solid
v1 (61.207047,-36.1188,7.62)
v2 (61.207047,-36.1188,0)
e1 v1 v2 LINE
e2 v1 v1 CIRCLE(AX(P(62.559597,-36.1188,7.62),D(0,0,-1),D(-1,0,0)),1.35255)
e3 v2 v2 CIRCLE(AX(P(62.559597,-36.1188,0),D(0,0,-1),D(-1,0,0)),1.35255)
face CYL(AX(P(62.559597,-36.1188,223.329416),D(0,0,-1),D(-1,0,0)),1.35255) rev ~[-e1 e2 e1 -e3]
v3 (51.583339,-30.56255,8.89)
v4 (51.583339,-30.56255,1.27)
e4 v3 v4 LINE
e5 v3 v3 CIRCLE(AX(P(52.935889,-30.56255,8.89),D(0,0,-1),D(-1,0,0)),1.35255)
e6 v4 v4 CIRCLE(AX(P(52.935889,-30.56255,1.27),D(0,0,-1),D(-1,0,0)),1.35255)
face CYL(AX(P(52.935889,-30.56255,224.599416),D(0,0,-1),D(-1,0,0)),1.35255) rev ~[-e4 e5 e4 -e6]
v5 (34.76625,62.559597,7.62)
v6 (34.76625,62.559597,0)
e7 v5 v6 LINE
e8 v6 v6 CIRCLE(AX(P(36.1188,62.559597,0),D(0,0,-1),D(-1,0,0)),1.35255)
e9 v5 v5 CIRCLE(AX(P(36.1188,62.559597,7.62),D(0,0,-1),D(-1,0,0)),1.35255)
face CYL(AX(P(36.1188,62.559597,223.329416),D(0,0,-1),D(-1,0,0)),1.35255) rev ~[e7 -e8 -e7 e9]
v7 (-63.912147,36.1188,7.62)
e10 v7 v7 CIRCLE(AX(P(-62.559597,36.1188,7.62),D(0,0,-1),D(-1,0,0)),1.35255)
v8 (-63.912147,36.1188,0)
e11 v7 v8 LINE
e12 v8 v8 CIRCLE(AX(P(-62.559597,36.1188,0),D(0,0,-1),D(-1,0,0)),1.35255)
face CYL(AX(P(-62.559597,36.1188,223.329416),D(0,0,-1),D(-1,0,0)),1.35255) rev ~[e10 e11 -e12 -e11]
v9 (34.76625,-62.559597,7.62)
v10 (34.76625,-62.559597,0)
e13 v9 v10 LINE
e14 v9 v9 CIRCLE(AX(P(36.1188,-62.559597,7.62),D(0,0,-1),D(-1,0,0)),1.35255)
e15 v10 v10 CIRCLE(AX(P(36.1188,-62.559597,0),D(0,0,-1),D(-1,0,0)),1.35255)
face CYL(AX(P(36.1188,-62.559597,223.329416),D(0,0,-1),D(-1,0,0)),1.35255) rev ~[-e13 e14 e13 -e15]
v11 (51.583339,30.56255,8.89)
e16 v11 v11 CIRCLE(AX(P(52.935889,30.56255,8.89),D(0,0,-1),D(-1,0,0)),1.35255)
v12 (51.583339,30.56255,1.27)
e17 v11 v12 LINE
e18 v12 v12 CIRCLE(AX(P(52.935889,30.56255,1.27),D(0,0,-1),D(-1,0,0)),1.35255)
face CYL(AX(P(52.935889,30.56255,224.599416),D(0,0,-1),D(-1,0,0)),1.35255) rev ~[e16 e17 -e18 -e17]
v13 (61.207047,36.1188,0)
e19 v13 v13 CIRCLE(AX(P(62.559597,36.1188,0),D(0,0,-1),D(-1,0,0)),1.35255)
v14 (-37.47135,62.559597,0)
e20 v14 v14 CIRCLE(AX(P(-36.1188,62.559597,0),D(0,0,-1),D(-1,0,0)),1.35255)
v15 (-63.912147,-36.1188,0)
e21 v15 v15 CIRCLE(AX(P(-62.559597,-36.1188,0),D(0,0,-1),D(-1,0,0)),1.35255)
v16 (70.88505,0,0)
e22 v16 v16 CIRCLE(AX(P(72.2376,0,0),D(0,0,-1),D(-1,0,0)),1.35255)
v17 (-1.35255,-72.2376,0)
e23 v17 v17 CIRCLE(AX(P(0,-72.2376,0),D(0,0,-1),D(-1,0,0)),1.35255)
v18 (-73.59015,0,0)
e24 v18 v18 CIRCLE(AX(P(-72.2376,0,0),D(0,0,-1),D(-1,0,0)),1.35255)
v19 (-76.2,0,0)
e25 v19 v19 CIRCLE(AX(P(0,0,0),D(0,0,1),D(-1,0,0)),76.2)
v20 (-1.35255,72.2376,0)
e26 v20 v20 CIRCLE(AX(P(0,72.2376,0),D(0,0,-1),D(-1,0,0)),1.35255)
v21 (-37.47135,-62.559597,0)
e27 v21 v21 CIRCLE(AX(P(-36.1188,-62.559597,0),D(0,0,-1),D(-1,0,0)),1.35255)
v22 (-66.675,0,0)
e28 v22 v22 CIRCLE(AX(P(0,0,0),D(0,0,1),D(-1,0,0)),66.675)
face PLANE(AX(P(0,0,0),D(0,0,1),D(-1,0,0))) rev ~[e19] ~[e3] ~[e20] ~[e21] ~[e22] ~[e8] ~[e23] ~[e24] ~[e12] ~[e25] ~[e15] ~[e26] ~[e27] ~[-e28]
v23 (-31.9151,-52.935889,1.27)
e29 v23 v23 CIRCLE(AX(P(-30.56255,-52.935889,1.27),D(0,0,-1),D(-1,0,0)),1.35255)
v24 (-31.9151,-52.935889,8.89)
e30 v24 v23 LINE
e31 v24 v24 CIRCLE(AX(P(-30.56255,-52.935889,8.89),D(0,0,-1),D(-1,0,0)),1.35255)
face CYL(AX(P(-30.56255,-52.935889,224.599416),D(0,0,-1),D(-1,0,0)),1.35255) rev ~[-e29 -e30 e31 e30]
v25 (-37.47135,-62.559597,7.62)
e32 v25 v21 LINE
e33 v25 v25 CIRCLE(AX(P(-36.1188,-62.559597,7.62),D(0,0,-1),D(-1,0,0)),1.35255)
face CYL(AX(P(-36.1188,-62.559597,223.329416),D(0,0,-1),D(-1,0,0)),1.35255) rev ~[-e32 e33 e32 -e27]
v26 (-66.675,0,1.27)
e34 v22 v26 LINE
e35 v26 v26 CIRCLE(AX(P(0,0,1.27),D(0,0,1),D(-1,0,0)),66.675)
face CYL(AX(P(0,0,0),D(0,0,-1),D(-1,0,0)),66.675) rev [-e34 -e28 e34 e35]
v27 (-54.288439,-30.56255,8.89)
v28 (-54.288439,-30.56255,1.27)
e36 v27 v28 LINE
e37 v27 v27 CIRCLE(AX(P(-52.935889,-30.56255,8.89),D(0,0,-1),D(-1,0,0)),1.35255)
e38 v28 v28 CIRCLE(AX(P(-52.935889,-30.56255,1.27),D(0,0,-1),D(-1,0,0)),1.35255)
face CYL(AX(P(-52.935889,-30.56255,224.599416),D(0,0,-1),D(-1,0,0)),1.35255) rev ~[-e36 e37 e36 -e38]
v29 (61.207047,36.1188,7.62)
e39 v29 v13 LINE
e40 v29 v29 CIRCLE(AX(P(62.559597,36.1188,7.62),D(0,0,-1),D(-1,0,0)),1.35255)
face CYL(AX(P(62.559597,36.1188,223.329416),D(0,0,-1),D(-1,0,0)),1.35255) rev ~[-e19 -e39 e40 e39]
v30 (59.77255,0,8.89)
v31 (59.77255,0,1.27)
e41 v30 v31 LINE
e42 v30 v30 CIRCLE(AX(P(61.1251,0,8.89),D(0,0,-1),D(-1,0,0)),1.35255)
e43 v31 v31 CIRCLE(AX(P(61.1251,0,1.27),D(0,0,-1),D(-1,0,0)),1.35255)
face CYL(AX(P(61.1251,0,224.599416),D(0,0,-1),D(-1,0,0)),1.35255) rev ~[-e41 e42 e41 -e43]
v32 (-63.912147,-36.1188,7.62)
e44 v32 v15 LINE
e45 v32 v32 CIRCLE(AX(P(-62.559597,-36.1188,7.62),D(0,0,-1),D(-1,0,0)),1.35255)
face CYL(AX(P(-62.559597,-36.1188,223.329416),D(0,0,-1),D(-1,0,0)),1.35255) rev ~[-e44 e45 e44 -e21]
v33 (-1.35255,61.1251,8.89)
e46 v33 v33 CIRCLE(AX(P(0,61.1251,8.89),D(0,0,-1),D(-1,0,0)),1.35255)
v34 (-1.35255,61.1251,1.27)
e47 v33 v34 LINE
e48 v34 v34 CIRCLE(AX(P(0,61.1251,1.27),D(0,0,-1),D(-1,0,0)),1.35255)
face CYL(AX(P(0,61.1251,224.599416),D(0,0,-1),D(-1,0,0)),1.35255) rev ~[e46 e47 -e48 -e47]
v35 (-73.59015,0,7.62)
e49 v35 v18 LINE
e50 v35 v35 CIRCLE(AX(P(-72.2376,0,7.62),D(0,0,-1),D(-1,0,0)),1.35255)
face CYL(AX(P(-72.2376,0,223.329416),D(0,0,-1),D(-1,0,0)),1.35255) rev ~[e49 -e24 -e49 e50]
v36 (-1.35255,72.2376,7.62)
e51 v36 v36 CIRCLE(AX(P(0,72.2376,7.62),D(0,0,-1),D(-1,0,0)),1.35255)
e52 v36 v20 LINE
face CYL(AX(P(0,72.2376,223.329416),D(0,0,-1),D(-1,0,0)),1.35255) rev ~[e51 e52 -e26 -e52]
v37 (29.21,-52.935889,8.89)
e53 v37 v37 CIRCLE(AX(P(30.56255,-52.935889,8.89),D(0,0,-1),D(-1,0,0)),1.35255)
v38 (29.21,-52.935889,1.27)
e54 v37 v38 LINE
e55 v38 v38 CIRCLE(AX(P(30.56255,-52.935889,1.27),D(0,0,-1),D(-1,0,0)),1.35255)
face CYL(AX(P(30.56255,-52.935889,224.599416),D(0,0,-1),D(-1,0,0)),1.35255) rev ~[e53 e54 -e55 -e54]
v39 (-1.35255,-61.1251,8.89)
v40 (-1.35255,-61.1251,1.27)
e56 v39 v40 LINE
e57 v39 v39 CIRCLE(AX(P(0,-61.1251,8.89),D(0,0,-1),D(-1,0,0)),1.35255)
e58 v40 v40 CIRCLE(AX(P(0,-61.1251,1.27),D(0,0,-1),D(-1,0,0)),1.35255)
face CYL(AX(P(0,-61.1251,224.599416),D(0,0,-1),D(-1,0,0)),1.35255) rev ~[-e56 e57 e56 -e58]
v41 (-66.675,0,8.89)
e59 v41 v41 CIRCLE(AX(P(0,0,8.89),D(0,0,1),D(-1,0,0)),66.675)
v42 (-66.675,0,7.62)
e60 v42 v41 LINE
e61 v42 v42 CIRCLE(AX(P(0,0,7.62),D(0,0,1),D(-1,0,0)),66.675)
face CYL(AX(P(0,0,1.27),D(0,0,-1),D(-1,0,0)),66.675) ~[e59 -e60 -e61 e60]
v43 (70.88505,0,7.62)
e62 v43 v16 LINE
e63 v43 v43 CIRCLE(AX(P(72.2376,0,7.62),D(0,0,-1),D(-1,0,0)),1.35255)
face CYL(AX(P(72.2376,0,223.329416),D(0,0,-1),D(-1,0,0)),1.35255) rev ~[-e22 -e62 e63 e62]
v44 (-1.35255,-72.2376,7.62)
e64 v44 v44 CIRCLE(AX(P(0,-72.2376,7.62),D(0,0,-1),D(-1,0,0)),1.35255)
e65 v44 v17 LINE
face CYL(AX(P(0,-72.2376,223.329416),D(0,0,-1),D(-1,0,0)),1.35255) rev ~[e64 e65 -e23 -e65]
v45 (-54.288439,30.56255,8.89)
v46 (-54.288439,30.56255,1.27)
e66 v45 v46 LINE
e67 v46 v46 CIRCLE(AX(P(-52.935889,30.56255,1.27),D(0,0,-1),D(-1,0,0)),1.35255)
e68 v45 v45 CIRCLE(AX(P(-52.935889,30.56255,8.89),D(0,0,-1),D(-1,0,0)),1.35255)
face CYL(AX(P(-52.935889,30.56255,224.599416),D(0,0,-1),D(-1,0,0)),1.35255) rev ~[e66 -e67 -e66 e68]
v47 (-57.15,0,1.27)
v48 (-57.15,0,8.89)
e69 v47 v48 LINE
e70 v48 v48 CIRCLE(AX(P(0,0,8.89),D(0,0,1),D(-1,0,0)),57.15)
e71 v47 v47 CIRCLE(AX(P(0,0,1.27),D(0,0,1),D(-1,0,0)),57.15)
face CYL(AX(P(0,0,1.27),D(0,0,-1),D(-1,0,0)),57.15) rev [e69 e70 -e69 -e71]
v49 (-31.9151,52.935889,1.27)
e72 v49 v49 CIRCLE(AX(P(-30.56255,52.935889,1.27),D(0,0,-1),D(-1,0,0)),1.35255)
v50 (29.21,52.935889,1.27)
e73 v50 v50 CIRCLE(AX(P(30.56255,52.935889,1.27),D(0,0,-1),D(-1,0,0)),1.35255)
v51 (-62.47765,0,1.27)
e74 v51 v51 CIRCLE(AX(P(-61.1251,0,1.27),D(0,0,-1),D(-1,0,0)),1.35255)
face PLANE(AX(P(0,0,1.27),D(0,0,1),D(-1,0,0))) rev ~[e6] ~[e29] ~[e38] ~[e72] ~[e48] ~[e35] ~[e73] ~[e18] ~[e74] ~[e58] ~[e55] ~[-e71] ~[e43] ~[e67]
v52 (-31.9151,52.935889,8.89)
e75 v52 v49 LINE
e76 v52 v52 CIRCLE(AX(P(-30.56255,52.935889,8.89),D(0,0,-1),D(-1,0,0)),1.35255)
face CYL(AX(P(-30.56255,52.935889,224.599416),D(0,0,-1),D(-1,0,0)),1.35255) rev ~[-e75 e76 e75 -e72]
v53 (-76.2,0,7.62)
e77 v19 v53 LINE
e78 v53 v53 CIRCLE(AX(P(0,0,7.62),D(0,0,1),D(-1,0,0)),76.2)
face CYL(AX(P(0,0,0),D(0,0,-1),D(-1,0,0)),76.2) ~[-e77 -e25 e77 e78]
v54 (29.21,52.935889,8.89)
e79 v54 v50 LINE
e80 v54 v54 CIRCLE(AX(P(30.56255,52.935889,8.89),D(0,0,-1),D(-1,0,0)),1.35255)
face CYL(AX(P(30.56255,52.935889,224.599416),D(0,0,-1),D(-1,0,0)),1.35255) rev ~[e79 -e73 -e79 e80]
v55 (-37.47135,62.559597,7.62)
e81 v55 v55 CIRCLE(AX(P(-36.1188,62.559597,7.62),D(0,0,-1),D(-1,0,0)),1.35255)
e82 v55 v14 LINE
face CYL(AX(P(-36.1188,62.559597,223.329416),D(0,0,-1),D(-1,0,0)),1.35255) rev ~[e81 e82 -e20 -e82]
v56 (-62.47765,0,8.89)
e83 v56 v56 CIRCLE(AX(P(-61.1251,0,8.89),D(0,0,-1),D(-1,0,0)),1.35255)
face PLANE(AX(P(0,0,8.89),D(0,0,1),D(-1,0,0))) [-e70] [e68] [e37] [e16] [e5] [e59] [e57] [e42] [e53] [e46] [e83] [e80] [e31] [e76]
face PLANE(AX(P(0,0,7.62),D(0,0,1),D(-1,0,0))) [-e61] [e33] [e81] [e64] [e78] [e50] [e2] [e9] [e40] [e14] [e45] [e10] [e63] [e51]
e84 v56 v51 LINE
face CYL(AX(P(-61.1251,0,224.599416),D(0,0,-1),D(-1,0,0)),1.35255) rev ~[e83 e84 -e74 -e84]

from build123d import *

# Parameters (mm, degrees)
SKETCH2_R             = 76.2
SKETCH2_R_2           = 66.675
BOSS_EXTRUDE1_DEPTH   = 7.62
BOSS_EXTRUDE2_START   = 1.27
SKETCH2_3_R           = 66.675
SKETCH2_3_R_2         = 57.15
BOSS_EXTRUDE2_DEPTH   = 7.62
F_6_32_TAPPED_HOLE1_D = 2.7051
F_6_32_TAPPED_HOLE2_D = 2.7051


with BuildPart() as part:
    # Sketch2 → Boss-Extrude1 (new body)
    with BuildSketch(Plane.XY):
        Circle(SKETCH2_R)
        Circle(SKETCH2_R_2, mode=Mode.SUBTRACT)
    extrude(amount=BOSS_EXTRUDE1_DEPTH)

    # Sketch2<3> → Boss-Extrude2 (add)
    with BuildSketch(Plane.XY.offset(BOSS_EXTRUDE2_START)):
        Circle(SKETCH2_3_R)
        Circle(SKETCH2_3_R_2, mode=Mode.SUBTRACT)
    extrude(amount=BOSS_EXTRUDE2_DEPTH)

    # #6-32 Tapped Hole1 (through all)
    with Locations(Plane(origin=(-30.56255, 52.935889409, 8.89), x_dir=(1, 0, 0), z_dir=(0, 0, 1))):
        with Locations((0, 0), (-22.373339409, -22.373339409), (-30.56255, -52.935889409), (-22.373339409, -83.498439409), (0, -105.871778818), (30.56255, -114.060989409), (61.1251, -105.871778818), (83.498439409, -83.498439409), (91.68765, -52.935889409), (83.498439409, -22.373339409), (61.1251, 0), (30.56255, 8.189210591)):
            Hole(F_6_32_TAPPED_HOLE1_D / 2)

    # #6-32 Tapped Hole2 (through all)
    with Locations(Plane(origin=(0, 72.2376, 7.62), x_dir=(1, 0, 0), z_dir=(0, 0, 1))):
        with Locations((0, 0), (-36.1188, -9.678003292), (-62.559596708, -36.1188), (-72.2376, -72.2376), (-62.559596708, -108.3564), (-36.1188, -134.797196708), (0, -144.4752), (36.1188, -134.797196708), (62.559596708, -108.3564), (72.2376, -72.2376), (62.559596708, -36.1188), (36.1188, -9.678003292)):
            Hole(F_6_32_TAPPED_HOLE2_D / 2)


solid = part.part
